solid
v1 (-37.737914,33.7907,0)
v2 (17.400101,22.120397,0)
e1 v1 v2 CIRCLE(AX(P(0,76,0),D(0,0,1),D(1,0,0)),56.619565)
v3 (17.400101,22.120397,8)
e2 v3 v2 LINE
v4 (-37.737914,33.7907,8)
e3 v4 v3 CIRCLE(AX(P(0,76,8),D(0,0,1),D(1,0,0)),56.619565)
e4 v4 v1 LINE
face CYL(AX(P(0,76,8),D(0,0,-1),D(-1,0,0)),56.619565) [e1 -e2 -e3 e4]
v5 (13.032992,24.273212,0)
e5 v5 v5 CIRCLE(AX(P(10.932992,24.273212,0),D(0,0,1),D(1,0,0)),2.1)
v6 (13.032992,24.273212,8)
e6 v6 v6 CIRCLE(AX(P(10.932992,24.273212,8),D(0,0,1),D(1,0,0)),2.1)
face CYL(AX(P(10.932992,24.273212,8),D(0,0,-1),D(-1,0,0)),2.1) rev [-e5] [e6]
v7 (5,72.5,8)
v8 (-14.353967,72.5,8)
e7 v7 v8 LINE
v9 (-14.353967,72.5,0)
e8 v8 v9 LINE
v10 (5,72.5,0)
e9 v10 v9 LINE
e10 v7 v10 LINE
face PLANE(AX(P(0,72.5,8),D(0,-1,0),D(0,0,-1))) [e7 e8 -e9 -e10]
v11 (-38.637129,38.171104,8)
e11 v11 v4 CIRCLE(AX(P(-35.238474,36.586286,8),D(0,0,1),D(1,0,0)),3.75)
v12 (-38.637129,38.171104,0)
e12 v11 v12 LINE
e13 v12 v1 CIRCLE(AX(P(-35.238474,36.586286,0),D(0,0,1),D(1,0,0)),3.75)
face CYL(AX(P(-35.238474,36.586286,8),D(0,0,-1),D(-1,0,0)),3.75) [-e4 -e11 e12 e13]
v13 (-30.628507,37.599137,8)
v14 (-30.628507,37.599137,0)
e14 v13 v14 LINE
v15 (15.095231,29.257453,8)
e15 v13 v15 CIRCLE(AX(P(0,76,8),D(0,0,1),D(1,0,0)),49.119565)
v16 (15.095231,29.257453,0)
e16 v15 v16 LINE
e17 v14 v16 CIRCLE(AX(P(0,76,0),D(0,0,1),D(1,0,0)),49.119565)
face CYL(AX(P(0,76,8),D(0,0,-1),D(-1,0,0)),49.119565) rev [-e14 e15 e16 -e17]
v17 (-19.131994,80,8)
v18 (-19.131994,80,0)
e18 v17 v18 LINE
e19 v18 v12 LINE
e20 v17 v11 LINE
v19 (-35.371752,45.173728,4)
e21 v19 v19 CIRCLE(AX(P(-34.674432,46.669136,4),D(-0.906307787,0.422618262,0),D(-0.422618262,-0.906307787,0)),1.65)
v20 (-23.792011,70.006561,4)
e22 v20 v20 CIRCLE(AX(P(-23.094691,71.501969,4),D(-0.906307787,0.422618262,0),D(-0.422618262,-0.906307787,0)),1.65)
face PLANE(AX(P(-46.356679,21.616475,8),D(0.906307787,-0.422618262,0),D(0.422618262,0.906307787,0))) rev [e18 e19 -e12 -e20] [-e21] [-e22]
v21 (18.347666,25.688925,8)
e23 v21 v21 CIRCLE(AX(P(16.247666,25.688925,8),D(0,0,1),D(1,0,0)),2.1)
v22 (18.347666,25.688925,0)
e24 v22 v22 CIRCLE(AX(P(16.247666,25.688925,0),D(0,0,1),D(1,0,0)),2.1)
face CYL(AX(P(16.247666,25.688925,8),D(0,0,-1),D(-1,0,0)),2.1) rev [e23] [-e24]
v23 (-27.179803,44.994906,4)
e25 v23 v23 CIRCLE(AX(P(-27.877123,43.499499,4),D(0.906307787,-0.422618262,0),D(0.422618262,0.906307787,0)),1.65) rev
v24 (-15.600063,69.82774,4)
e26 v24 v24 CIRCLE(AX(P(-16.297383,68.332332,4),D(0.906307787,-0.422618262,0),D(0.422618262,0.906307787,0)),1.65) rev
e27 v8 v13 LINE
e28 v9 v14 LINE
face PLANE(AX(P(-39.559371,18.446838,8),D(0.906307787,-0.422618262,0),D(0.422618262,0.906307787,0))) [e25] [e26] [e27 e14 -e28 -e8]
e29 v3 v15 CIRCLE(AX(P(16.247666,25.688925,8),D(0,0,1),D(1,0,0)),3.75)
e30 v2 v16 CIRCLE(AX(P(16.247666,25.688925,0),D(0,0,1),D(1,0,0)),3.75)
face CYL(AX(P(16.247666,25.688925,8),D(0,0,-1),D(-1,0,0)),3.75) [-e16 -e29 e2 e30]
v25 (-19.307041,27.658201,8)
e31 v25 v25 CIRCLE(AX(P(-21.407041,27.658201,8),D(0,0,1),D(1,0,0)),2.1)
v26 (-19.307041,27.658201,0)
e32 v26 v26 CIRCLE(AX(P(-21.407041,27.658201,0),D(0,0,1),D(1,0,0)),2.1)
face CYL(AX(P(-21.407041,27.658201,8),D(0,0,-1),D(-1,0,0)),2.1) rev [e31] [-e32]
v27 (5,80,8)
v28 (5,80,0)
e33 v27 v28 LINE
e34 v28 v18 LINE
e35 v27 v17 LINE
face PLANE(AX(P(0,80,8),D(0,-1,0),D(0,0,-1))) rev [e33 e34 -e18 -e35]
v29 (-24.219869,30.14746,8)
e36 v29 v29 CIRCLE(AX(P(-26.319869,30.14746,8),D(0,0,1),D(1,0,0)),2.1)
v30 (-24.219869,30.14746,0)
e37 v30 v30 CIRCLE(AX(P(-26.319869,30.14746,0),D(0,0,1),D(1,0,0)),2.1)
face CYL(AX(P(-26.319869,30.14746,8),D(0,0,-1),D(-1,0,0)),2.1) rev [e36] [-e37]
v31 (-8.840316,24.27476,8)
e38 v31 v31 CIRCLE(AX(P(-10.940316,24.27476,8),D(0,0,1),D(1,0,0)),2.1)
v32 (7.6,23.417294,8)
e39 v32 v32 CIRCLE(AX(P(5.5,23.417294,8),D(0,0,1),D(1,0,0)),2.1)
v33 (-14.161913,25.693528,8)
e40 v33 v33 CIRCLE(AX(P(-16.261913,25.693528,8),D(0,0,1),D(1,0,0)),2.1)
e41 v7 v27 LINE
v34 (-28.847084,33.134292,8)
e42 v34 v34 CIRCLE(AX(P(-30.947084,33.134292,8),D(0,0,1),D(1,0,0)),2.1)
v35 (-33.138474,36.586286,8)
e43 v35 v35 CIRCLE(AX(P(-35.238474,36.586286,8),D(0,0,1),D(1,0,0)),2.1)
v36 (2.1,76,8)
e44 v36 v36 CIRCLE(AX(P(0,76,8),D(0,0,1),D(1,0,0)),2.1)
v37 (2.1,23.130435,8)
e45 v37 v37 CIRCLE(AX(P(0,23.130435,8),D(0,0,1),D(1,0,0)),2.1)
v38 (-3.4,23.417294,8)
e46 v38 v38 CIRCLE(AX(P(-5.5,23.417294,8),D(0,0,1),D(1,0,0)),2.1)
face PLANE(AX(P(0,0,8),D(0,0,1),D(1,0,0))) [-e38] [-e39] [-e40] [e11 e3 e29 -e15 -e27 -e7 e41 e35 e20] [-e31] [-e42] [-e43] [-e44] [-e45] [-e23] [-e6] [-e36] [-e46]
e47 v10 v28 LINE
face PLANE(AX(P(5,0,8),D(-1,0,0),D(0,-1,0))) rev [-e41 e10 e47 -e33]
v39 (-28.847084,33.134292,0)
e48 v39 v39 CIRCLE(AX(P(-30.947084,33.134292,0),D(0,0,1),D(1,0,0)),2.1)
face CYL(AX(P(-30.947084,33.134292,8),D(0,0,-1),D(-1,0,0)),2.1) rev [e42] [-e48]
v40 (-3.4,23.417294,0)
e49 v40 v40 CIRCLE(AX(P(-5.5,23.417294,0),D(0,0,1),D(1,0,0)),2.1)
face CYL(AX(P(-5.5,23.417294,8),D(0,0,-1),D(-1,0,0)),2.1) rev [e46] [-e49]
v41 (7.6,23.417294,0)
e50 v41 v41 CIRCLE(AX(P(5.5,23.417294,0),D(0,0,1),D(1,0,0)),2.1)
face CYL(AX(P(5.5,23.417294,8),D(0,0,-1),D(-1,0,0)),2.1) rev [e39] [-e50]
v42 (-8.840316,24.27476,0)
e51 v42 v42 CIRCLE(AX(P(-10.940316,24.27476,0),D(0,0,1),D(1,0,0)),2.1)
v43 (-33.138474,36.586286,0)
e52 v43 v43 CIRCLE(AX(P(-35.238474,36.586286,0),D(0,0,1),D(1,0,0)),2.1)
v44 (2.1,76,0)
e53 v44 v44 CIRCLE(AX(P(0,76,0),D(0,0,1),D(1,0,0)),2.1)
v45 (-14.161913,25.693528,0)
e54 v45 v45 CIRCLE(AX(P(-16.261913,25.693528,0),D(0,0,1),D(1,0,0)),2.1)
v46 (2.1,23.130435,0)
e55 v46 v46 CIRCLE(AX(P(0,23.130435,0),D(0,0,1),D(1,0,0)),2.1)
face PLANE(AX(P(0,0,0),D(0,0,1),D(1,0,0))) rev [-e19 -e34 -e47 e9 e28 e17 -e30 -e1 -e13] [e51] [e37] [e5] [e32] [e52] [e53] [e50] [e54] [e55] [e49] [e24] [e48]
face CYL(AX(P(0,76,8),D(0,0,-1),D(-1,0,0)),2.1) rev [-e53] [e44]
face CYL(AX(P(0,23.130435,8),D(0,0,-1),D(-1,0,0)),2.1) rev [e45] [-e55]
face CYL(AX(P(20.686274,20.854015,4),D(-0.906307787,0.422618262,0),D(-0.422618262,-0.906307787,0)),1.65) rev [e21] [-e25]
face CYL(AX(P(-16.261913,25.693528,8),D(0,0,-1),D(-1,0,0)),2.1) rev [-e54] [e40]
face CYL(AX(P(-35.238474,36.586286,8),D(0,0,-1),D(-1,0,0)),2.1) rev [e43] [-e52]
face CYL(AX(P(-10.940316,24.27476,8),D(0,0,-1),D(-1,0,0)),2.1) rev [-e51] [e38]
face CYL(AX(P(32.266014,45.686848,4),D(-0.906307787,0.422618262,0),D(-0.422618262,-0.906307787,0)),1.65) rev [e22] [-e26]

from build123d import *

# Parameters (mm, degrees)
SKETCH1_R           = 2.1
BOSS_EXTRUDE1_DEPTH = 8
CUT_EXTRUDE1_REACH  = 63.082
SKETCH2_R           = 1.65


with BuildPart() as part:
    # Sketch1 → Boss-Extrude1 (new body)
    with BuildSketch(Plane.XY):
        with BuildLine():
            Line((-14.353967242, 72.5), (5, 72.5))
            Line((5, 72.5), (5, 80))
            Line((5, 80), (-19.131994198, 80))
            Line((-19.131994198, 80), (-38.637128513, 38.171104477))
            ThreePointArc((-38.637128513, 38.171104477), (-38.911873787, 35.832206145), (-37.737913805, 33.790699757))
            ThreePointArc((-37.737913805, 33.790699757), (-11.724148086, 20.607586106), (17.400101197, 22.120396774))
            ThreePointArc((17.400101197, 22.120396774), (19.816194151, 26.841360112), (15.095230814, 29.257453067))
            ThreePointArc((15.095230814, 29.257453067), (-8.815701312, 27.678006068), (-30.628506806, 37.599137276))
            Line((-30.628506806, 37.599137276), (-14.353967242, 72.5))
        make_face()
        with Locations((0, 76)):
            Circle(SKETCH1_R, mode=Mode.SUBTRACT)
        with Locations((-30.947084331, 33.134292287)):
            Circle(SKETCH1_R, mode=Mode.SUBTRACT)
        with Locations((-35.238474323, 36.58628597)):
            Circle(SKETCH1_R, mode=Mode.SUBTRACT)
        with Locations((16.247666005, 25.68892492)):
            Circle(SKETCH1_R, mode=Mode.SUBTRACT)
        with Locations((10.932992292, 24.273211913)):
            Circle(SKETCH1_R, mode=Mode.SUBTRACT)
        with Locations((5.5, 23.417294418)):
            Circle(SKETCH1_R, mode=Mode.SUBTRACT)
        with Locations((-26.319869018, 30.147460036)):
            Circle(SKETCH1_R, mode=Mode.SUBTRACT)
        with Locations((-16.261912507, 25.693527972)):
            Circle(SKETCH1_R, mode=Mode.SUBTRACT)
        with Locations((-10.940316211, 24.274760441)):
            Circle(SKETCH1_R, mode=Mode.SUBTRACT)
        with Locations((-21.407041065, 27.658201118)):
            Circle(SKETCH1_R, mode=Mode.SUBTRACT)
        with Locations((-5.5, 23.417294418)):
            Circle(SKETCH1_R, mode=Mode.SUBTRACT)
        with Locations((0, 23.130434783)):
            Circle(SKETCH1_R, mode=Mode.SUBTRACT)
    extrude(amount=BOSS_EXTRUDE1_DEPTH)

    # Sketch2 → Cut-Extrude1 (cut, up to next)
    with BuildSketch(Plane(origin=(-46.356679233, 21.616474533, 0), x_dir=(0, 0, 1), z_dir=(-0.906307787, 0.422618262, 0)), mode=Mode.PRIVATE) as cut_extrude1_sk1:
        with Locations((4, 55.04255297)):
            Circle(SKETCH2_R)
    cut_extrude1_tool1 = extrude(cut_extrude1_sk1.sketch, amount=-CUT_EXTRUDE1_REACH, mode=Mode.PRIVATE) & part.part
    add(cut_extrude1_tool1.solids().sort_by_distance((-23.094691, 71.501969, 4))[0], mode=Mode.SUBTRACT)
    # Sketch2 → Cut-Extrude1 (cut, up to next)
    with BuildSketch(Plane(origin=(-46.356679233, 21.616474533, 0), x_dir=(0, 0, 1), z_dir=(-0.906307787, 0.422618262, 0)), mode=Mode.PRIVATE) as cut_extrude1_sk2:
        with Locations((4, 27.64255297)):
            Circle(SKETCH2_R)
    cut_extrude1_tool2 = extrude(cut_extrude1_sk2.sketch, amount=-CUT_EXTRUDE1_REACH, mode=Mode.PRIVATE) & part.part
    add(cut_extrude1_tool2.solids().sort_by_distance((-34.674432, 46.669136, 4))[0], mode=Mode.SUBTRACT)


solid = part.part
